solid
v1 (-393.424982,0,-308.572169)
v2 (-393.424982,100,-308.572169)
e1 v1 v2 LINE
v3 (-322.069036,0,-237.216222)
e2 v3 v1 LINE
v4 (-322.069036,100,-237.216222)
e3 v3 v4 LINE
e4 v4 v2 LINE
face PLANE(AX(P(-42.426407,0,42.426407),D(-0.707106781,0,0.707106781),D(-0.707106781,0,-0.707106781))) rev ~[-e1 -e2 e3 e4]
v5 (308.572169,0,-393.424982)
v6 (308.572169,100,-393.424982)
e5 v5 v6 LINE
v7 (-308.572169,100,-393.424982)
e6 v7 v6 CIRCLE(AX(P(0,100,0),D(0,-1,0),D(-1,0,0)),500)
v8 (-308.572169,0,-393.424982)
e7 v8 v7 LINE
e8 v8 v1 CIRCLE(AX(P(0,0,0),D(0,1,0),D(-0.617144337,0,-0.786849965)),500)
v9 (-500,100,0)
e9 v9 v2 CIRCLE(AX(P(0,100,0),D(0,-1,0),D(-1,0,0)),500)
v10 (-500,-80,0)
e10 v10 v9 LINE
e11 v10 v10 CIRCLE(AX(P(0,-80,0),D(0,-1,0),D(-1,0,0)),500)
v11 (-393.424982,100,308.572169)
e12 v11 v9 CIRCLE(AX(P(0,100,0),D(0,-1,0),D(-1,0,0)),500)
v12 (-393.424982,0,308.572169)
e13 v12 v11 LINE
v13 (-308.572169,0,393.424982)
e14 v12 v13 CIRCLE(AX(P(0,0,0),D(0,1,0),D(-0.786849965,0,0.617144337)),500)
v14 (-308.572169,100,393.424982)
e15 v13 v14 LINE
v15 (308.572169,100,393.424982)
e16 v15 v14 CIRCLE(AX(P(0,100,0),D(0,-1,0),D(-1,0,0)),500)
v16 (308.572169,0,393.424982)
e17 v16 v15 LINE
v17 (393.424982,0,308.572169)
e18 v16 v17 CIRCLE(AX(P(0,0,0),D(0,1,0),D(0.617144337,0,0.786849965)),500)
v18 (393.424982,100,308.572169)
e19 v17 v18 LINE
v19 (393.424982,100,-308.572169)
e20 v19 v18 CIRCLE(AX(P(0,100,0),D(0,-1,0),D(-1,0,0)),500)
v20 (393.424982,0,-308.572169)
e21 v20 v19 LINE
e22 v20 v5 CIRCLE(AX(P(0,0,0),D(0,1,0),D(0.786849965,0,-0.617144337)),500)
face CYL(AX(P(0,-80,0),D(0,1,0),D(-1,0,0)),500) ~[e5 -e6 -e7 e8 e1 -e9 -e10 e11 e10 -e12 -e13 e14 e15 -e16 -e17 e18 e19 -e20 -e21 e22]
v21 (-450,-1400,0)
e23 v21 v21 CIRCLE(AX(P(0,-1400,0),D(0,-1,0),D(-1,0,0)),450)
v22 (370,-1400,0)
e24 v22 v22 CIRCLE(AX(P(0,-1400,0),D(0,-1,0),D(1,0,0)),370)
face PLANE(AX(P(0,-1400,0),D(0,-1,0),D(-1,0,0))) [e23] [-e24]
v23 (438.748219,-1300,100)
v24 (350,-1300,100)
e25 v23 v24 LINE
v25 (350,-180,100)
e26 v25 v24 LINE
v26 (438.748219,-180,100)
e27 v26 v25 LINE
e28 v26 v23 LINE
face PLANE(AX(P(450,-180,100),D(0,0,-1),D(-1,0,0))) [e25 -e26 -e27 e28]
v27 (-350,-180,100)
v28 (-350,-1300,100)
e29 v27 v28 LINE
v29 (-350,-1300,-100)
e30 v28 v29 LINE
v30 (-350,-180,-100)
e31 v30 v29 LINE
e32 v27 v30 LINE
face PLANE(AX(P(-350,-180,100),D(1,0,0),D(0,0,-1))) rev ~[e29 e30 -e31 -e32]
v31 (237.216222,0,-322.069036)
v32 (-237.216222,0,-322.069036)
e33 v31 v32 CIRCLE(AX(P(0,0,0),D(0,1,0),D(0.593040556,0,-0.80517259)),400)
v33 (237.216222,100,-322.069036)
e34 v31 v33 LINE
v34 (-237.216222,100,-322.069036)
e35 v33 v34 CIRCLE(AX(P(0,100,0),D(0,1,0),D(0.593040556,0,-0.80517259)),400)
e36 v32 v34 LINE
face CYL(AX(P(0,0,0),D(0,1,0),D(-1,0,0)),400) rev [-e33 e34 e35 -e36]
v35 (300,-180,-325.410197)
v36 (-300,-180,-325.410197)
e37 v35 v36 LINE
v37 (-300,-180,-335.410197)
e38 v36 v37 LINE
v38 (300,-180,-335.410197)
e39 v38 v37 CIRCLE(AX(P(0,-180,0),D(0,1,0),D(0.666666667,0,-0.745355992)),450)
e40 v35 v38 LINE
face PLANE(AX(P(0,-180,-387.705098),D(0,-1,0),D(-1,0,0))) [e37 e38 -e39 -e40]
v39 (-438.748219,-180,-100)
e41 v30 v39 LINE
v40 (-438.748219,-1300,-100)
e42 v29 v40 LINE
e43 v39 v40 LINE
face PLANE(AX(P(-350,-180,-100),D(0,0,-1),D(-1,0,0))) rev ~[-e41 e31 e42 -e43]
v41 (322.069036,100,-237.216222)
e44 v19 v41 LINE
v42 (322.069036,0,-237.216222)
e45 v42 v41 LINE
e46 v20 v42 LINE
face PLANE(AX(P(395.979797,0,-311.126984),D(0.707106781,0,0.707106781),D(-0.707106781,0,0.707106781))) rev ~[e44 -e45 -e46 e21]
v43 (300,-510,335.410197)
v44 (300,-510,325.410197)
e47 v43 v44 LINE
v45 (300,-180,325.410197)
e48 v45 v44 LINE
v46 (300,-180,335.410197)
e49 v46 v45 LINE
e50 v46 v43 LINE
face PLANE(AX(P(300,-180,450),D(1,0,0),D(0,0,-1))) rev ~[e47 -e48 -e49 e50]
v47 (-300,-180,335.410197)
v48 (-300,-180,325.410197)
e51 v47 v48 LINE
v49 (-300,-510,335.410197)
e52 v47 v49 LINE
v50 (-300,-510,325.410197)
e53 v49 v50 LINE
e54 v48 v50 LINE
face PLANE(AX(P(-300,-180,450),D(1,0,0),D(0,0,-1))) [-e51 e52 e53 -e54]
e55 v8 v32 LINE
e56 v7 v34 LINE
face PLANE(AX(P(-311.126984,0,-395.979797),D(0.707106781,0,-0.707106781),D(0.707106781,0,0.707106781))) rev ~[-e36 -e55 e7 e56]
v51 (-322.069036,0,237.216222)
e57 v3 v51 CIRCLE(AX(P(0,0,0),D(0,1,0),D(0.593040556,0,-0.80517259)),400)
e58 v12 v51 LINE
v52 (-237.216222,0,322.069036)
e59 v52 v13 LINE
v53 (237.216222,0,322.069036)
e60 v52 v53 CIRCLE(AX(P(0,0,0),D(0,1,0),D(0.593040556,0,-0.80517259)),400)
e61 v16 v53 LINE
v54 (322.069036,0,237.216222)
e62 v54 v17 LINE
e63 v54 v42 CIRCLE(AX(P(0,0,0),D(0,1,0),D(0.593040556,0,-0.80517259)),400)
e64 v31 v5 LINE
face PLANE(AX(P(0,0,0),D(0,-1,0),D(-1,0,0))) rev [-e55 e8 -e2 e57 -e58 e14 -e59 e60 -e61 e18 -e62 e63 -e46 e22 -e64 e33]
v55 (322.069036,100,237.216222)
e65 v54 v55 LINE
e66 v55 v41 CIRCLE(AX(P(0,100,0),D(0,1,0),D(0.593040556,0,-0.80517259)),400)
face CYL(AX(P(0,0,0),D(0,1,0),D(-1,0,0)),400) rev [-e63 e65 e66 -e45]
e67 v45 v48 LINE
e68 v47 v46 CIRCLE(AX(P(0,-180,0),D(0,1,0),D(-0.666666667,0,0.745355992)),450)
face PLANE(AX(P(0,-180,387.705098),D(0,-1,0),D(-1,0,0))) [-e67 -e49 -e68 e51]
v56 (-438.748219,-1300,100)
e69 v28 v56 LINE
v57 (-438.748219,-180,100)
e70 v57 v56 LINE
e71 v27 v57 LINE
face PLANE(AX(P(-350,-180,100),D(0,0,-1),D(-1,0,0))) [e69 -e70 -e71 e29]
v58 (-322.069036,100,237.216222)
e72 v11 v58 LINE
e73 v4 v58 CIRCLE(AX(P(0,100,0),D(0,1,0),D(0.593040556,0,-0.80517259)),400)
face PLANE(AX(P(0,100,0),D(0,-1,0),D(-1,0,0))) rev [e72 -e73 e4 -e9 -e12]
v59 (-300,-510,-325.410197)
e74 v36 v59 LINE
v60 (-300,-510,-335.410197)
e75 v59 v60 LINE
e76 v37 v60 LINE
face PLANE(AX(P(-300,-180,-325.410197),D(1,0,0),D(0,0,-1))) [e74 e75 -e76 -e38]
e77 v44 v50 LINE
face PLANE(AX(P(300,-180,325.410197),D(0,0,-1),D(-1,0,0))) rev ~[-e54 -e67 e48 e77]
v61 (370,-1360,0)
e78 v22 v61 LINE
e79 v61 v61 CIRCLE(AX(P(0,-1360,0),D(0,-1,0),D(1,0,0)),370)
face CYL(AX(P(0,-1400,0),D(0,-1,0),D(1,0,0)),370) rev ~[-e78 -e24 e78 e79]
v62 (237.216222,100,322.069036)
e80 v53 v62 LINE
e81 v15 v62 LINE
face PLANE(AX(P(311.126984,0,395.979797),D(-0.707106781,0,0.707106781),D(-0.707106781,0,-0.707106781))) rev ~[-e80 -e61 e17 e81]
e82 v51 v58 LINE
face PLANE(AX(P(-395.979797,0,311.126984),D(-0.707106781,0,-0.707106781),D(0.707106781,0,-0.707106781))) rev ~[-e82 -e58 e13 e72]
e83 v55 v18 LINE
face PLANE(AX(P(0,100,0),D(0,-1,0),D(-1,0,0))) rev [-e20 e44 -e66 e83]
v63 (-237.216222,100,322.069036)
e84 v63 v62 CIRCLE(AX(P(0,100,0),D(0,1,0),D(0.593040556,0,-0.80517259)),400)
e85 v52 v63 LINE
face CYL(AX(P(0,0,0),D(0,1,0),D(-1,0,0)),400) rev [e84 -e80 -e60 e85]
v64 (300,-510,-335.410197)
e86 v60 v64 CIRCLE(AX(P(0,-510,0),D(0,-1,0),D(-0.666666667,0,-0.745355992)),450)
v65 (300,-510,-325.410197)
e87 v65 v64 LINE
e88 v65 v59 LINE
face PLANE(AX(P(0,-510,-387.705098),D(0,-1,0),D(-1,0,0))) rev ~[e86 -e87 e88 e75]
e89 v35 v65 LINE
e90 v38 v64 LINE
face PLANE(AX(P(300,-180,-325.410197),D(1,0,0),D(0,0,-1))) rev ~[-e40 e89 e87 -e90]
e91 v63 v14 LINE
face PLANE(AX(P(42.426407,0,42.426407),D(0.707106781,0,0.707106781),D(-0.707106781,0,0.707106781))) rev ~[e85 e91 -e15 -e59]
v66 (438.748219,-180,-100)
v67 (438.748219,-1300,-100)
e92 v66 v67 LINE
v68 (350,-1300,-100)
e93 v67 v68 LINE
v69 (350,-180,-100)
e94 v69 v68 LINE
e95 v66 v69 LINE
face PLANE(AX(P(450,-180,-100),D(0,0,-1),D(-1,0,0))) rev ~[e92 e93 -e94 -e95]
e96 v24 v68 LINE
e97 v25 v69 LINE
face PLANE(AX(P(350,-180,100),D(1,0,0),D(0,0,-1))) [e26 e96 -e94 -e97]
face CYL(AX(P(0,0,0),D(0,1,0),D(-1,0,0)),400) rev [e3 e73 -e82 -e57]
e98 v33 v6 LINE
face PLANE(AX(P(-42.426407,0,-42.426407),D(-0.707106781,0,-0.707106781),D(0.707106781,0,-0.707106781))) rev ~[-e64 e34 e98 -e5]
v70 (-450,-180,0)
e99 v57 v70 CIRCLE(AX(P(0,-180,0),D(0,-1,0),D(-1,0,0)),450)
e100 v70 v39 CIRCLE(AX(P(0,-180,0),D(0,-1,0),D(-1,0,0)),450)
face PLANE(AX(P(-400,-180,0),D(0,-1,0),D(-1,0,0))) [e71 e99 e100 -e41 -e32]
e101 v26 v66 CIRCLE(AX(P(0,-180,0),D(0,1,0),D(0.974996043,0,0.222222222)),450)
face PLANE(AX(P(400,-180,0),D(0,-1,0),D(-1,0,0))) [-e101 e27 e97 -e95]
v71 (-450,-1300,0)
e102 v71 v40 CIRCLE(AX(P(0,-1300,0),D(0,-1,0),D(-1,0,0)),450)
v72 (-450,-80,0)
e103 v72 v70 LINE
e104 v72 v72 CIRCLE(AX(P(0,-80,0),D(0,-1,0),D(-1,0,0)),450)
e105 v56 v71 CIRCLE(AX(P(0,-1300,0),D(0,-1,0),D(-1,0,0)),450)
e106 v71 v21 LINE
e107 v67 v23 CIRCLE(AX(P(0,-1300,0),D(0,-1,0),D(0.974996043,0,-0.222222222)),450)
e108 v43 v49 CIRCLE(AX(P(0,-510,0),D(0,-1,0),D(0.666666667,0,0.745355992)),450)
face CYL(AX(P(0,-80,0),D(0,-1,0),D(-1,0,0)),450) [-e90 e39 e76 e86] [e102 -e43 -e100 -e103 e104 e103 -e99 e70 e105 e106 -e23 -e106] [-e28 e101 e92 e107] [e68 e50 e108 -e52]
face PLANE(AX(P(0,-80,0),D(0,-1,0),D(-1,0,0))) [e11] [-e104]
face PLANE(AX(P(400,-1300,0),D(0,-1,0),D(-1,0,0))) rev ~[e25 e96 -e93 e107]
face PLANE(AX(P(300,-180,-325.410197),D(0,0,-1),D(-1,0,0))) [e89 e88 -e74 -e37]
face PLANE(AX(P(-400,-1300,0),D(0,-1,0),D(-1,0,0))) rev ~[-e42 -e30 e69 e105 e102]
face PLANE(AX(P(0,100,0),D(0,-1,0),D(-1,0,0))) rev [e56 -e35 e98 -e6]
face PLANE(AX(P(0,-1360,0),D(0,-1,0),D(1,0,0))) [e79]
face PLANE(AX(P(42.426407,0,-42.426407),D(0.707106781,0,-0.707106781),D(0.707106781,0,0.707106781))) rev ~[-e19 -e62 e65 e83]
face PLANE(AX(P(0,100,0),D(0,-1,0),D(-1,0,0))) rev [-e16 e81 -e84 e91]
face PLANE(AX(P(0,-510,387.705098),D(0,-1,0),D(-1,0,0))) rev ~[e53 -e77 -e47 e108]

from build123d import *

# Parameters (mm, degrees)
SOLAR_DIVOT_SKETCH_W              = 100
SOLAR_DIVOT_SKETCH_H              = 200
SOLAR_DIVOT_CUT_DEPTH             = 1120
MISC_BAY_SKETCH_W                 = 600
MISC_BAY_SKETCH_H                 = 124.589803375
MISC_BAY_CUT_DEPTH                = 330
LAUNCH_ADAPTOR_BAY_SKETCH_R       = 370
LAUNCH_ADAPTOR_BAY_CUT_DEPTH      = 40
GRIPPER_GAP_CUT_DEPTH             = 100
GRIPPER_GAP_CUT_PROPAGATION_COUNT = 4


with BuildPart() as part:
    # Body Block Sketch → Body Block Revolve (revolve)
    with BuildSketch(Plane.XY, mode=Mode.PRIVATE) as body_block_revolve_sk:
        Polygon((0, 0), (400, 0), (400, 100), (500, 100), (500, 0), (500, -80), (450, -80), (450, -1400), (0, -1400), align=None)
    revolve(body_block_revolve_sk.sketch.rotate(Axis((0, 0, 0), (0, -1, 0)), 180), axis=Axis((0, 0, 0), (0, -1, 0)))

    # Solar Divot Sketch → Solar Divot Cut (cut)
    with BuildSketch(Plane(origin=(0, -180, 0), x_dir=(-1, 0, 0), z_dir=(0, -1, 0))):
        with Locations((-400, 0)):
            Rectangle(SOLAR_DIVOT_SKETCH_W, SOLAR_DIVOT_SKETCH_H)
        with Locations((400, 0)):
            Rectangle(SOLAR_DIVOT_SKETCH_W, SOLAR_DIVOT_SKETCH_H)
    extrude(amount=SOLAR_DIVOT_CUT_DEPTH, mode=Mode.SUBTRACT)

    # Misc Bay Sketch → Misc Bay Cut (cut)
    with BuildSketch(Plane(origin=(0, -180, 0), x_dir=(-1, 0, 0), z_dir=(0, -1, 0))):
        with Locations((0, 387.705098313)):
            Rectangle(MISC_BAY_SKETCH_W, MISC_BAY_SKETCH_H)
        with Locations((0, -387.705098313)):
            Rectangle(MISC_BAY_SKETCH_W, MISC_BAY_SKETCH_H)
    extrude(amount=MISC_BAY_CUT_DEPTH, mode=Mode.SUBTRACT)

    # Launch Adaptor Bay Sketch → Launch Adaptor Bay Cut (cut)
    with BuildSketch(Plane.XZ.offset(1400)):
        Circle(LAUNCH_ADAPTOR_BAY_SKETCH_R)
    extrude(amount=-LAUNCH_ADAPTOR_BAY_CUT_DEPTH, mode=Mode.SUBTRACT)

    # Gripper Gap Sketch → Gripper Gap Cut (cut)
    with BuildSketch(Plane(origin=(0, 0, 0), x_dir=(1, 0, 0), z_dir=(0, 1, 0))):
        Polygon((311.126983722, 395.979797464), (395.979797464, 311.126983722), (42.426406871, -42.426406871), (-42.426406871, 42.426406871), align=None)
    gripper_gap_cut = extrude(amount=GRIPPER_GAP_CUT_DEPTH, mode=Mode.SUBTRACT)

    # Gripper Gap Cut Propagation: Gripper Gap Cut ×4 about axis
    gripper_gap_cut_propagation_axis = Axis((0, 0, 0), (0, 1, 0))
    for i in range(1, GRIPPER_GAP_CUT_PROPAGATION_COUNT):
        add(gripper_gap_cut.rotate(gripper_gap_cut_propagation_axis, i * 360 / GRIPPER_GAP_CUT_PROPAGATION_COUNT), mode=Mode.SUBTRACT)


solid = part.part
